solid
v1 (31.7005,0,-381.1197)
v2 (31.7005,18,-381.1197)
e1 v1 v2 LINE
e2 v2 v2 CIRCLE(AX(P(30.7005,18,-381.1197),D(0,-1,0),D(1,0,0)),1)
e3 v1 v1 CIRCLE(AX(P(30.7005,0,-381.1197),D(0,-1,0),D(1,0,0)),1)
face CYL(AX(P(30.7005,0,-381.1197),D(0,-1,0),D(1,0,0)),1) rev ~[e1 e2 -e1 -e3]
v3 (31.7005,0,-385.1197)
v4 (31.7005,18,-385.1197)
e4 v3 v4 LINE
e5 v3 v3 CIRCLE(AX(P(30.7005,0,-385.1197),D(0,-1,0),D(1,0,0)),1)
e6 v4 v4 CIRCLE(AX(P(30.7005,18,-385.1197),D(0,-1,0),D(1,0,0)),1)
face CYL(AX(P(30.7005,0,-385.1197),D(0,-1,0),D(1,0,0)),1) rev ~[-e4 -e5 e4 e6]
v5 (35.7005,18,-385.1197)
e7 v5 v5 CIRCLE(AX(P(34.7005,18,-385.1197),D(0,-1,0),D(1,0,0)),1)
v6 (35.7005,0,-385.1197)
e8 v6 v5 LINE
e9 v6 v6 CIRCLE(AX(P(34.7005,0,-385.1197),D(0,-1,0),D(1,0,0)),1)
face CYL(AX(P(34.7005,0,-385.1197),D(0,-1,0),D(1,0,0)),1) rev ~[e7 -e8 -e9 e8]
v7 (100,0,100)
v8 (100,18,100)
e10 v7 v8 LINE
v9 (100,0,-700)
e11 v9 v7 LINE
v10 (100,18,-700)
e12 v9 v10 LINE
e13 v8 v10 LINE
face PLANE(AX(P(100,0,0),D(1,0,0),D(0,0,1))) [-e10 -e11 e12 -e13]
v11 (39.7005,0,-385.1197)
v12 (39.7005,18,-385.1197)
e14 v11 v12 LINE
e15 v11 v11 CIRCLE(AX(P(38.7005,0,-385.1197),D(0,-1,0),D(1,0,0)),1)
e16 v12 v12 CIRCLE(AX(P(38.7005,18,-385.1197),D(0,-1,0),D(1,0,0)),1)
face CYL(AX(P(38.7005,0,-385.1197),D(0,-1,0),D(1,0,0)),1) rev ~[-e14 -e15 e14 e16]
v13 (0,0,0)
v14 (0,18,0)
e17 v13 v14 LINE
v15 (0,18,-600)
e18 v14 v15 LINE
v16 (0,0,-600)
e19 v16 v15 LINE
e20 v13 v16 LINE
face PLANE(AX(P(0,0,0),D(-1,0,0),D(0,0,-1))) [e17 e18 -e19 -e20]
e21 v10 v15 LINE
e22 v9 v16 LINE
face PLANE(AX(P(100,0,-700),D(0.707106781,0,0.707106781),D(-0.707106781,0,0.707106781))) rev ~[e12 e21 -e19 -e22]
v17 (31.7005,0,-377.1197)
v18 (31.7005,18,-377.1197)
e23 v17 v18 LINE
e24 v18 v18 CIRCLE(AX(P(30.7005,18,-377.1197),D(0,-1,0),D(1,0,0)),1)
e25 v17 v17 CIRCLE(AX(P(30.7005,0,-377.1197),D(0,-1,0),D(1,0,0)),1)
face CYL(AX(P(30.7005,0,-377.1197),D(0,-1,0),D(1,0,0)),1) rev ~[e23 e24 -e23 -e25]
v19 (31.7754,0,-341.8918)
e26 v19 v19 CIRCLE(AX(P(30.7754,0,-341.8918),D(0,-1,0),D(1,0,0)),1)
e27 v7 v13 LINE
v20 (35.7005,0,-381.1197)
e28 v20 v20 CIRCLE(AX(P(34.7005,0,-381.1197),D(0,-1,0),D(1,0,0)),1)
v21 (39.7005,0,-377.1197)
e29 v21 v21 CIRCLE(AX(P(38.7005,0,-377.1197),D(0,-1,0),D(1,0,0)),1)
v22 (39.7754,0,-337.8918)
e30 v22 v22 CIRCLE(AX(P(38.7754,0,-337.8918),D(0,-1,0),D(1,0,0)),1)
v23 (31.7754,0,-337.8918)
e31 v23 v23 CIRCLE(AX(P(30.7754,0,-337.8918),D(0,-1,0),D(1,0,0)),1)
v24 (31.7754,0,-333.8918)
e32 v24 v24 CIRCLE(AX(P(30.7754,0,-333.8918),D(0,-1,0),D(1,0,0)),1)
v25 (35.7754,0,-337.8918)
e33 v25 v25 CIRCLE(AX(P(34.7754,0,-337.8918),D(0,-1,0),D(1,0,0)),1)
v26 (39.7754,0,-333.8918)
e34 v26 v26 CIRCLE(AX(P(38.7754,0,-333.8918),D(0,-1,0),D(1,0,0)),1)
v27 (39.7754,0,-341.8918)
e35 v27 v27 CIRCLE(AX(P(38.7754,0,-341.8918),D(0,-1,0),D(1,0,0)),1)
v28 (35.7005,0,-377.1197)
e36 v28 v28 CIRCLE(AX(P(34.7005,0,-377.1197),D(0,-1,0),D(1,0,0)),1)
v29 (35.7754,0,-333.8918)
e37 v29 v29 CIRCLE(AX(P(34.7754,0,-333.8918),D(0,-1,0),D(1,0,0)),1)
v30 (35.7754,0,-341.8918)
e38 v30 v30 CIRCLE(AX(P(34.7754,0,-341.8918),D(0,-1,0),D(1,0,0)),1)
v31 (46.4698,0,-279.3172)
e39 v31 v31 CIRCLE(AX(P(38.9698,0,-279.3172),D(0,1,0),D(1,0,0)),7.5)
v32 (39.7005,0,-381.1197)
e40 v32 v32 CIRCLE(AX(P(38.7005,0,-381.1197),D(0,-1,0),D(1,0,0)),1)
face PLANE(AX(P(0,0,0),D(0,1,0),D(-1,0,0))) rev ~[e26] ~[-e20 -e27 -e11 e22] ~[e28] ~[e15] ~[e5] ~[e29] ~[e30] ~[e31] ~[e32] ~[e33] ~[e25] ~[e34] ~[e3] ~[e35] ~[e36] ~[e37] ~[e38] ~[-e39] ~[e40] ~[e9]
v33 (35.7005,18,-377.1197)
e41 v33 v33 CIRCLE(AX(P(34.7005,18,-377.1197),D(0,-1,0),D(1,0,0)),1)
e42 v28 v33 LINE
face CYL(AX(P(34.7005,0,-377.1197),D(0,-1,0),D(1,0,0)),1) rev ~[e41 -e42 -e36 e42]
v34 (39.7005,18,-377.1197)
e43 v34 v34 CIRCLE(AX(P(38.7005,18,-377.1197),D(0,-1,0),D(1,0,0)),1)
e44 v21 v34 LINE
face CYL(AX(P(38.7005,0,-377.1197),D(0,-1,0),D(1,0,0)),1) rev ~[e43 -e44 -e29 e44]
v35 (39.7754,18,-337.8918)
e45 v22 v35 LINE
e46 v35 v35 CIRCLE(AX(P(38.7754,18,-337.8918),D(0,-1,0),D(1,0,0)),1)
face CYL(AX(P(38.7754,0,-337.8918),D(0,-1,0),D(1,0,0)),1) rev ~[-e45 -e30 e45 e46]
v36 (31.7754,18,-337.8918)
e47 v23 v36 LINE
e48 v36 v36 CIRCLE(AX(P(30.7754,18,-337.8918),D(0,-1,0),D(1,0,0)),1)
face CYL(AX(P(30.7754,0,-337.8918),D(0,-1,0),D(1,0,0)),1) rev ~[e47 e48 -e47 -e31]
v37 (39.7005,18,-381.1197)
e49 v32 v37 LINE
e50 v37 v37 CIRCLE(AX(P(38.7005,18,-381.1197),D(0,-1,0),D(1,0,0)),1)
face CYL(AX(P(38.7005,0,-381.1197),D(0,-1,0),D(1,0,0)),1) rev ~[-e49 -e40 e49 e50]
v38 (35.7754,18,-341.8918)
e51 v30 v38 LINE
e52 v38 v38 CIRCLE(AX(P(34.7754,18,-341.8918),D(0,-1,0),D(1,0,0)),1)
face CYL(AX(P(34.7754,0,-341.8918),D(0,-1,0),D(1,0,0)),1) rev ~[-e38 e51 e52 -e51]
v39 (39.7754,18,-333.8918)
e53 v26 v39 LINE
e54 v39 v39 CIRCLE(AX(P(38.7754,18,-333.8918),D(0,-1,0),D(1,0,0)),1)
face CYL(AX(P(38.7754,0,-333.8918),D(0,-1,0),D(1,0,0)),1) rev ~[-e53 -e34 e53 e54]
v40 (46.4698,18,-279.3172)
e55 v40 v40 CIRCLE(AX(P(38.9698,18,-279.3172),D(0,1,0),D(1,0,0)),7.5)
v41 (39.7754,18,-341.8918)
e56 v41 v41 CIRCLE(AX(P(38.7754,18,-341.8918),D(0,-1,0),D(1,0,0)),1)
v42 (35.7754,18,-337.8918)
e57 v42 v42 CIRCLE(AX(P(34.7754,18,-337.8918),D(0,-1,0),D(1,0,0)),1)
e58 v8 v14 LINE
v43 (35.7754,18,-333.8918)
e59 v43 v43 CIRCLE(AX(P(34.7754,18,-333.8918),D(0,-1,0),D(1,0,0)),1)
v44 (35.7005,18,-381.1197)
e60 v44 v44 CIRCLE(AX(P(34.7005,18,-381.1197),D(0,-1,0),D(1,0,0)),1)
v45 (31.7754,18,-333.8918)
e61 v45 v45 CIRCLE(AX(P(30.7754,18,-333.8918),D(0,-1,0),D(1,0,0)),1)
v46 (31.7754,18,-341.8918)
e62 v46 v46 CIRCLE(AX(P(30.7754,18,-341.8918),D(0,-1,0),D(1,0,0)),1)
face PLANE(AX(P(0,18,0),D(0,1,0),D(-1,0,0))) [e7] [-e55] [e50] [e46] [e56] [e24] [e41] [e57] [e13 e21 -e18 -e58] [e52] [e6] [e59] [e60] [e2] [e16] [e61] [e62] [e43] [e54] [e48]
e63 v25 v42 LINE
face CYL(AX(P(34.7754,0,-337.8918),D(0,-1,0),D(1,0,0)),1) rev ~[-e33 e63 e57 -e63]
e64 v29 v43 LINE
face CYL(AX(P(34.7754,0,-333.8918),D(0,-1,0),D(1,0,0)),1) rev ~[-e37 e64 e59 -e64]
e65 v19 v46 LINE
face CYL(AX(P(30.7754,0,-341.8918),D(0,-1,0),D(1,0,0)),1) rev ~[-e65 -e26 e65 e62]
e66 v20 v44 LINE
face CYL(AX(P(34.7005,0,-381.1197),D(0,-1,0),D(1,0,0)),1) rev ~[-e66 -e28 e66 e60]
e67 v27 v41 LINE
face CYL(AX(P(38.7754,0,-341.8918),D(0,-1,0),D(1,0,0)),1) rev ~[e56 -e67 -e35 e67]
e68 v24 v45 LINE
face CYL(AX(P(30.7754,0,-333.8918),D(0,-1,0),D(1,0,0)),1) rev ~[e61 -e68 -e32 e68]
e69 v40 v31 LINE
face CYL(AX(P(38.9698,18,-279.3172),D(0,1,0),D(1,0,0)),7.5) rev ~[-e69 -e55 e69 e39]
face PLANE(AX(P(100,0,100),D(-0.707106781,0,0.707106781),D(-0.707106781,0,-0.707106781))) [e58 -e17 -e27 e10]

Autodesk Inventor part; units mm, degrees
ref_plane "YZ Plane" through (0, 0, 0) normal (1, 0, 0) x (0, 1, 0)
ref_plane "XZ Plane" through (0, 0, 0) normal (0, 1, 0) x (-1, 0, 0)
ref_plane "XY Plane" through (0, 0, 0) normal (0, 0, 1) x (1, 0, 0)
sketch "Sketch1" plane through (0, 0, 0) normal (0, 1, 0) x (-1, 0, 0)
  line L0 (0, 0) -> (0, -600)
  line L1 (0, 0) -> (-100, 0)
  line L2 (-100, 0) -> (-100, 100)
  line L3 (-100, 100) -> (0, 0)
  line L4 (0, -600) -> (-100, -600)
  line L5 (-100, -600) -> (-100, -700)
  line L6 (-100, -700) -> (0, -600)
  line L7 (-100, -600) -> (-100, 0)
  dimension "d0" = 600
  dimension "d1" = 100
  dimension "d2" = 100
  dimension "d3" = 100
  dimension "d4" = 100
extrude "Extrusion1" add sketch "Sketch1" along normal blind 18
sketch "Sketch3" plane through (0, 18, 0) normal (0, 1, 0) x (1, 0, 0)
  circle A0 centre (38.9698, 279.3172) radius 7.5
  line L0 (100, 700) -> (0, 600)
  line L1 (0, 0) -> (100, -100)
  line L2 (0, 0) -> (100, -100) projected
  line L3 (100, -100) -> (100, 700) projected
  line L4 (100, 700) -> (0, 600) projected
  line L5 (0, 600) -> (0, 0) projected
extrude "Extrusion2" cut sketch "Sketch3" against normal blind 20 contours A0
sketch "Sketch4" plane through (0, 0, 0) normal (0, -1, 0) x (1, 0, 0)
  circle A0 centre (38.9698, -279.3172) radius 7.5
  line L0 (100, 100) -> (100, -700)
  line L1 (17.2005, -615) -> (17.2005, 25)
  line L2 (22.2005, -326.9779) -> (47.2005, -326.9779)
  line L3 (47.2005, -326.9779) -> (47.2005, -391.9779)
  line L4 (47.2005, -391.9779) -> (22.2005, -391.9779)
  line L5 (0, -600) -> (0, 0)
  line L6 (100, -700) -> (0, -600)
  line L7 (0, 0) -> (100, 100)
  circle A1 centre (38.9698, -279.3539) radius 7.5
  circle A2 centre (38.9698, -279.3539) radius 4.625
  circle A3 centre (38.9698, -279.3539) radius 5.75
  circle A4 centre (38.7754, -333.8918) radius 1
  circle A5 centre (34.7754, -333.8918) radius 1
  circle A6 centre (30.7754, -333.8918) radius 1
  circle A7 centre (38.7754, -337.8918) radius 1
  circle A8 centre (34.7754, -337.8918) radius 1
  circle A9 centre (30.7754, -337.8918) radius 1
  circle A10 centre (38.7754, -341.8918) radius 1
  circle A11 centre (34.7754, -341.8918) radius 1
  circle A12 centre (30.7754, -341.8918) radius 1
  circle A13 centre (38.7005, -377.1197) radius 1
  circle A14 centre (34.7005, -377.1197) radius 1
  circle A15 centre (30.7005, -377.1197) radius 1
  circle A16 centre (38.7005, -381.1197) radius 1
  circle A17 centre (34.7005, -381.1197) radius 1
  circle A18 centre (30.7005, -381.1197) radius 1
  circle A19 centre (38.7005, -385.1197) radius 1
  circle A20 centre (34.7005, -385.1197) radius 1
  circle A21 centre (30.7005, -385.1197) radius 1
  dimension "d9" = 2
  dimension "d12" = 4
  dimension "d15" = 4
  dimension "d18" = 2
  dimension "d19" = 4
  dimension "d20" = 4
extrude "Extrusion3" cut sketch "Sketch4" against normal blind 20 contours A4 | A5 | A6 | A7 | A8 | A9 | A10 | A11 | A12 | A13 | A14 | A15 | A16 | A17 | A18 | A19 | A20 | A21
properties part number "Fata_4"
